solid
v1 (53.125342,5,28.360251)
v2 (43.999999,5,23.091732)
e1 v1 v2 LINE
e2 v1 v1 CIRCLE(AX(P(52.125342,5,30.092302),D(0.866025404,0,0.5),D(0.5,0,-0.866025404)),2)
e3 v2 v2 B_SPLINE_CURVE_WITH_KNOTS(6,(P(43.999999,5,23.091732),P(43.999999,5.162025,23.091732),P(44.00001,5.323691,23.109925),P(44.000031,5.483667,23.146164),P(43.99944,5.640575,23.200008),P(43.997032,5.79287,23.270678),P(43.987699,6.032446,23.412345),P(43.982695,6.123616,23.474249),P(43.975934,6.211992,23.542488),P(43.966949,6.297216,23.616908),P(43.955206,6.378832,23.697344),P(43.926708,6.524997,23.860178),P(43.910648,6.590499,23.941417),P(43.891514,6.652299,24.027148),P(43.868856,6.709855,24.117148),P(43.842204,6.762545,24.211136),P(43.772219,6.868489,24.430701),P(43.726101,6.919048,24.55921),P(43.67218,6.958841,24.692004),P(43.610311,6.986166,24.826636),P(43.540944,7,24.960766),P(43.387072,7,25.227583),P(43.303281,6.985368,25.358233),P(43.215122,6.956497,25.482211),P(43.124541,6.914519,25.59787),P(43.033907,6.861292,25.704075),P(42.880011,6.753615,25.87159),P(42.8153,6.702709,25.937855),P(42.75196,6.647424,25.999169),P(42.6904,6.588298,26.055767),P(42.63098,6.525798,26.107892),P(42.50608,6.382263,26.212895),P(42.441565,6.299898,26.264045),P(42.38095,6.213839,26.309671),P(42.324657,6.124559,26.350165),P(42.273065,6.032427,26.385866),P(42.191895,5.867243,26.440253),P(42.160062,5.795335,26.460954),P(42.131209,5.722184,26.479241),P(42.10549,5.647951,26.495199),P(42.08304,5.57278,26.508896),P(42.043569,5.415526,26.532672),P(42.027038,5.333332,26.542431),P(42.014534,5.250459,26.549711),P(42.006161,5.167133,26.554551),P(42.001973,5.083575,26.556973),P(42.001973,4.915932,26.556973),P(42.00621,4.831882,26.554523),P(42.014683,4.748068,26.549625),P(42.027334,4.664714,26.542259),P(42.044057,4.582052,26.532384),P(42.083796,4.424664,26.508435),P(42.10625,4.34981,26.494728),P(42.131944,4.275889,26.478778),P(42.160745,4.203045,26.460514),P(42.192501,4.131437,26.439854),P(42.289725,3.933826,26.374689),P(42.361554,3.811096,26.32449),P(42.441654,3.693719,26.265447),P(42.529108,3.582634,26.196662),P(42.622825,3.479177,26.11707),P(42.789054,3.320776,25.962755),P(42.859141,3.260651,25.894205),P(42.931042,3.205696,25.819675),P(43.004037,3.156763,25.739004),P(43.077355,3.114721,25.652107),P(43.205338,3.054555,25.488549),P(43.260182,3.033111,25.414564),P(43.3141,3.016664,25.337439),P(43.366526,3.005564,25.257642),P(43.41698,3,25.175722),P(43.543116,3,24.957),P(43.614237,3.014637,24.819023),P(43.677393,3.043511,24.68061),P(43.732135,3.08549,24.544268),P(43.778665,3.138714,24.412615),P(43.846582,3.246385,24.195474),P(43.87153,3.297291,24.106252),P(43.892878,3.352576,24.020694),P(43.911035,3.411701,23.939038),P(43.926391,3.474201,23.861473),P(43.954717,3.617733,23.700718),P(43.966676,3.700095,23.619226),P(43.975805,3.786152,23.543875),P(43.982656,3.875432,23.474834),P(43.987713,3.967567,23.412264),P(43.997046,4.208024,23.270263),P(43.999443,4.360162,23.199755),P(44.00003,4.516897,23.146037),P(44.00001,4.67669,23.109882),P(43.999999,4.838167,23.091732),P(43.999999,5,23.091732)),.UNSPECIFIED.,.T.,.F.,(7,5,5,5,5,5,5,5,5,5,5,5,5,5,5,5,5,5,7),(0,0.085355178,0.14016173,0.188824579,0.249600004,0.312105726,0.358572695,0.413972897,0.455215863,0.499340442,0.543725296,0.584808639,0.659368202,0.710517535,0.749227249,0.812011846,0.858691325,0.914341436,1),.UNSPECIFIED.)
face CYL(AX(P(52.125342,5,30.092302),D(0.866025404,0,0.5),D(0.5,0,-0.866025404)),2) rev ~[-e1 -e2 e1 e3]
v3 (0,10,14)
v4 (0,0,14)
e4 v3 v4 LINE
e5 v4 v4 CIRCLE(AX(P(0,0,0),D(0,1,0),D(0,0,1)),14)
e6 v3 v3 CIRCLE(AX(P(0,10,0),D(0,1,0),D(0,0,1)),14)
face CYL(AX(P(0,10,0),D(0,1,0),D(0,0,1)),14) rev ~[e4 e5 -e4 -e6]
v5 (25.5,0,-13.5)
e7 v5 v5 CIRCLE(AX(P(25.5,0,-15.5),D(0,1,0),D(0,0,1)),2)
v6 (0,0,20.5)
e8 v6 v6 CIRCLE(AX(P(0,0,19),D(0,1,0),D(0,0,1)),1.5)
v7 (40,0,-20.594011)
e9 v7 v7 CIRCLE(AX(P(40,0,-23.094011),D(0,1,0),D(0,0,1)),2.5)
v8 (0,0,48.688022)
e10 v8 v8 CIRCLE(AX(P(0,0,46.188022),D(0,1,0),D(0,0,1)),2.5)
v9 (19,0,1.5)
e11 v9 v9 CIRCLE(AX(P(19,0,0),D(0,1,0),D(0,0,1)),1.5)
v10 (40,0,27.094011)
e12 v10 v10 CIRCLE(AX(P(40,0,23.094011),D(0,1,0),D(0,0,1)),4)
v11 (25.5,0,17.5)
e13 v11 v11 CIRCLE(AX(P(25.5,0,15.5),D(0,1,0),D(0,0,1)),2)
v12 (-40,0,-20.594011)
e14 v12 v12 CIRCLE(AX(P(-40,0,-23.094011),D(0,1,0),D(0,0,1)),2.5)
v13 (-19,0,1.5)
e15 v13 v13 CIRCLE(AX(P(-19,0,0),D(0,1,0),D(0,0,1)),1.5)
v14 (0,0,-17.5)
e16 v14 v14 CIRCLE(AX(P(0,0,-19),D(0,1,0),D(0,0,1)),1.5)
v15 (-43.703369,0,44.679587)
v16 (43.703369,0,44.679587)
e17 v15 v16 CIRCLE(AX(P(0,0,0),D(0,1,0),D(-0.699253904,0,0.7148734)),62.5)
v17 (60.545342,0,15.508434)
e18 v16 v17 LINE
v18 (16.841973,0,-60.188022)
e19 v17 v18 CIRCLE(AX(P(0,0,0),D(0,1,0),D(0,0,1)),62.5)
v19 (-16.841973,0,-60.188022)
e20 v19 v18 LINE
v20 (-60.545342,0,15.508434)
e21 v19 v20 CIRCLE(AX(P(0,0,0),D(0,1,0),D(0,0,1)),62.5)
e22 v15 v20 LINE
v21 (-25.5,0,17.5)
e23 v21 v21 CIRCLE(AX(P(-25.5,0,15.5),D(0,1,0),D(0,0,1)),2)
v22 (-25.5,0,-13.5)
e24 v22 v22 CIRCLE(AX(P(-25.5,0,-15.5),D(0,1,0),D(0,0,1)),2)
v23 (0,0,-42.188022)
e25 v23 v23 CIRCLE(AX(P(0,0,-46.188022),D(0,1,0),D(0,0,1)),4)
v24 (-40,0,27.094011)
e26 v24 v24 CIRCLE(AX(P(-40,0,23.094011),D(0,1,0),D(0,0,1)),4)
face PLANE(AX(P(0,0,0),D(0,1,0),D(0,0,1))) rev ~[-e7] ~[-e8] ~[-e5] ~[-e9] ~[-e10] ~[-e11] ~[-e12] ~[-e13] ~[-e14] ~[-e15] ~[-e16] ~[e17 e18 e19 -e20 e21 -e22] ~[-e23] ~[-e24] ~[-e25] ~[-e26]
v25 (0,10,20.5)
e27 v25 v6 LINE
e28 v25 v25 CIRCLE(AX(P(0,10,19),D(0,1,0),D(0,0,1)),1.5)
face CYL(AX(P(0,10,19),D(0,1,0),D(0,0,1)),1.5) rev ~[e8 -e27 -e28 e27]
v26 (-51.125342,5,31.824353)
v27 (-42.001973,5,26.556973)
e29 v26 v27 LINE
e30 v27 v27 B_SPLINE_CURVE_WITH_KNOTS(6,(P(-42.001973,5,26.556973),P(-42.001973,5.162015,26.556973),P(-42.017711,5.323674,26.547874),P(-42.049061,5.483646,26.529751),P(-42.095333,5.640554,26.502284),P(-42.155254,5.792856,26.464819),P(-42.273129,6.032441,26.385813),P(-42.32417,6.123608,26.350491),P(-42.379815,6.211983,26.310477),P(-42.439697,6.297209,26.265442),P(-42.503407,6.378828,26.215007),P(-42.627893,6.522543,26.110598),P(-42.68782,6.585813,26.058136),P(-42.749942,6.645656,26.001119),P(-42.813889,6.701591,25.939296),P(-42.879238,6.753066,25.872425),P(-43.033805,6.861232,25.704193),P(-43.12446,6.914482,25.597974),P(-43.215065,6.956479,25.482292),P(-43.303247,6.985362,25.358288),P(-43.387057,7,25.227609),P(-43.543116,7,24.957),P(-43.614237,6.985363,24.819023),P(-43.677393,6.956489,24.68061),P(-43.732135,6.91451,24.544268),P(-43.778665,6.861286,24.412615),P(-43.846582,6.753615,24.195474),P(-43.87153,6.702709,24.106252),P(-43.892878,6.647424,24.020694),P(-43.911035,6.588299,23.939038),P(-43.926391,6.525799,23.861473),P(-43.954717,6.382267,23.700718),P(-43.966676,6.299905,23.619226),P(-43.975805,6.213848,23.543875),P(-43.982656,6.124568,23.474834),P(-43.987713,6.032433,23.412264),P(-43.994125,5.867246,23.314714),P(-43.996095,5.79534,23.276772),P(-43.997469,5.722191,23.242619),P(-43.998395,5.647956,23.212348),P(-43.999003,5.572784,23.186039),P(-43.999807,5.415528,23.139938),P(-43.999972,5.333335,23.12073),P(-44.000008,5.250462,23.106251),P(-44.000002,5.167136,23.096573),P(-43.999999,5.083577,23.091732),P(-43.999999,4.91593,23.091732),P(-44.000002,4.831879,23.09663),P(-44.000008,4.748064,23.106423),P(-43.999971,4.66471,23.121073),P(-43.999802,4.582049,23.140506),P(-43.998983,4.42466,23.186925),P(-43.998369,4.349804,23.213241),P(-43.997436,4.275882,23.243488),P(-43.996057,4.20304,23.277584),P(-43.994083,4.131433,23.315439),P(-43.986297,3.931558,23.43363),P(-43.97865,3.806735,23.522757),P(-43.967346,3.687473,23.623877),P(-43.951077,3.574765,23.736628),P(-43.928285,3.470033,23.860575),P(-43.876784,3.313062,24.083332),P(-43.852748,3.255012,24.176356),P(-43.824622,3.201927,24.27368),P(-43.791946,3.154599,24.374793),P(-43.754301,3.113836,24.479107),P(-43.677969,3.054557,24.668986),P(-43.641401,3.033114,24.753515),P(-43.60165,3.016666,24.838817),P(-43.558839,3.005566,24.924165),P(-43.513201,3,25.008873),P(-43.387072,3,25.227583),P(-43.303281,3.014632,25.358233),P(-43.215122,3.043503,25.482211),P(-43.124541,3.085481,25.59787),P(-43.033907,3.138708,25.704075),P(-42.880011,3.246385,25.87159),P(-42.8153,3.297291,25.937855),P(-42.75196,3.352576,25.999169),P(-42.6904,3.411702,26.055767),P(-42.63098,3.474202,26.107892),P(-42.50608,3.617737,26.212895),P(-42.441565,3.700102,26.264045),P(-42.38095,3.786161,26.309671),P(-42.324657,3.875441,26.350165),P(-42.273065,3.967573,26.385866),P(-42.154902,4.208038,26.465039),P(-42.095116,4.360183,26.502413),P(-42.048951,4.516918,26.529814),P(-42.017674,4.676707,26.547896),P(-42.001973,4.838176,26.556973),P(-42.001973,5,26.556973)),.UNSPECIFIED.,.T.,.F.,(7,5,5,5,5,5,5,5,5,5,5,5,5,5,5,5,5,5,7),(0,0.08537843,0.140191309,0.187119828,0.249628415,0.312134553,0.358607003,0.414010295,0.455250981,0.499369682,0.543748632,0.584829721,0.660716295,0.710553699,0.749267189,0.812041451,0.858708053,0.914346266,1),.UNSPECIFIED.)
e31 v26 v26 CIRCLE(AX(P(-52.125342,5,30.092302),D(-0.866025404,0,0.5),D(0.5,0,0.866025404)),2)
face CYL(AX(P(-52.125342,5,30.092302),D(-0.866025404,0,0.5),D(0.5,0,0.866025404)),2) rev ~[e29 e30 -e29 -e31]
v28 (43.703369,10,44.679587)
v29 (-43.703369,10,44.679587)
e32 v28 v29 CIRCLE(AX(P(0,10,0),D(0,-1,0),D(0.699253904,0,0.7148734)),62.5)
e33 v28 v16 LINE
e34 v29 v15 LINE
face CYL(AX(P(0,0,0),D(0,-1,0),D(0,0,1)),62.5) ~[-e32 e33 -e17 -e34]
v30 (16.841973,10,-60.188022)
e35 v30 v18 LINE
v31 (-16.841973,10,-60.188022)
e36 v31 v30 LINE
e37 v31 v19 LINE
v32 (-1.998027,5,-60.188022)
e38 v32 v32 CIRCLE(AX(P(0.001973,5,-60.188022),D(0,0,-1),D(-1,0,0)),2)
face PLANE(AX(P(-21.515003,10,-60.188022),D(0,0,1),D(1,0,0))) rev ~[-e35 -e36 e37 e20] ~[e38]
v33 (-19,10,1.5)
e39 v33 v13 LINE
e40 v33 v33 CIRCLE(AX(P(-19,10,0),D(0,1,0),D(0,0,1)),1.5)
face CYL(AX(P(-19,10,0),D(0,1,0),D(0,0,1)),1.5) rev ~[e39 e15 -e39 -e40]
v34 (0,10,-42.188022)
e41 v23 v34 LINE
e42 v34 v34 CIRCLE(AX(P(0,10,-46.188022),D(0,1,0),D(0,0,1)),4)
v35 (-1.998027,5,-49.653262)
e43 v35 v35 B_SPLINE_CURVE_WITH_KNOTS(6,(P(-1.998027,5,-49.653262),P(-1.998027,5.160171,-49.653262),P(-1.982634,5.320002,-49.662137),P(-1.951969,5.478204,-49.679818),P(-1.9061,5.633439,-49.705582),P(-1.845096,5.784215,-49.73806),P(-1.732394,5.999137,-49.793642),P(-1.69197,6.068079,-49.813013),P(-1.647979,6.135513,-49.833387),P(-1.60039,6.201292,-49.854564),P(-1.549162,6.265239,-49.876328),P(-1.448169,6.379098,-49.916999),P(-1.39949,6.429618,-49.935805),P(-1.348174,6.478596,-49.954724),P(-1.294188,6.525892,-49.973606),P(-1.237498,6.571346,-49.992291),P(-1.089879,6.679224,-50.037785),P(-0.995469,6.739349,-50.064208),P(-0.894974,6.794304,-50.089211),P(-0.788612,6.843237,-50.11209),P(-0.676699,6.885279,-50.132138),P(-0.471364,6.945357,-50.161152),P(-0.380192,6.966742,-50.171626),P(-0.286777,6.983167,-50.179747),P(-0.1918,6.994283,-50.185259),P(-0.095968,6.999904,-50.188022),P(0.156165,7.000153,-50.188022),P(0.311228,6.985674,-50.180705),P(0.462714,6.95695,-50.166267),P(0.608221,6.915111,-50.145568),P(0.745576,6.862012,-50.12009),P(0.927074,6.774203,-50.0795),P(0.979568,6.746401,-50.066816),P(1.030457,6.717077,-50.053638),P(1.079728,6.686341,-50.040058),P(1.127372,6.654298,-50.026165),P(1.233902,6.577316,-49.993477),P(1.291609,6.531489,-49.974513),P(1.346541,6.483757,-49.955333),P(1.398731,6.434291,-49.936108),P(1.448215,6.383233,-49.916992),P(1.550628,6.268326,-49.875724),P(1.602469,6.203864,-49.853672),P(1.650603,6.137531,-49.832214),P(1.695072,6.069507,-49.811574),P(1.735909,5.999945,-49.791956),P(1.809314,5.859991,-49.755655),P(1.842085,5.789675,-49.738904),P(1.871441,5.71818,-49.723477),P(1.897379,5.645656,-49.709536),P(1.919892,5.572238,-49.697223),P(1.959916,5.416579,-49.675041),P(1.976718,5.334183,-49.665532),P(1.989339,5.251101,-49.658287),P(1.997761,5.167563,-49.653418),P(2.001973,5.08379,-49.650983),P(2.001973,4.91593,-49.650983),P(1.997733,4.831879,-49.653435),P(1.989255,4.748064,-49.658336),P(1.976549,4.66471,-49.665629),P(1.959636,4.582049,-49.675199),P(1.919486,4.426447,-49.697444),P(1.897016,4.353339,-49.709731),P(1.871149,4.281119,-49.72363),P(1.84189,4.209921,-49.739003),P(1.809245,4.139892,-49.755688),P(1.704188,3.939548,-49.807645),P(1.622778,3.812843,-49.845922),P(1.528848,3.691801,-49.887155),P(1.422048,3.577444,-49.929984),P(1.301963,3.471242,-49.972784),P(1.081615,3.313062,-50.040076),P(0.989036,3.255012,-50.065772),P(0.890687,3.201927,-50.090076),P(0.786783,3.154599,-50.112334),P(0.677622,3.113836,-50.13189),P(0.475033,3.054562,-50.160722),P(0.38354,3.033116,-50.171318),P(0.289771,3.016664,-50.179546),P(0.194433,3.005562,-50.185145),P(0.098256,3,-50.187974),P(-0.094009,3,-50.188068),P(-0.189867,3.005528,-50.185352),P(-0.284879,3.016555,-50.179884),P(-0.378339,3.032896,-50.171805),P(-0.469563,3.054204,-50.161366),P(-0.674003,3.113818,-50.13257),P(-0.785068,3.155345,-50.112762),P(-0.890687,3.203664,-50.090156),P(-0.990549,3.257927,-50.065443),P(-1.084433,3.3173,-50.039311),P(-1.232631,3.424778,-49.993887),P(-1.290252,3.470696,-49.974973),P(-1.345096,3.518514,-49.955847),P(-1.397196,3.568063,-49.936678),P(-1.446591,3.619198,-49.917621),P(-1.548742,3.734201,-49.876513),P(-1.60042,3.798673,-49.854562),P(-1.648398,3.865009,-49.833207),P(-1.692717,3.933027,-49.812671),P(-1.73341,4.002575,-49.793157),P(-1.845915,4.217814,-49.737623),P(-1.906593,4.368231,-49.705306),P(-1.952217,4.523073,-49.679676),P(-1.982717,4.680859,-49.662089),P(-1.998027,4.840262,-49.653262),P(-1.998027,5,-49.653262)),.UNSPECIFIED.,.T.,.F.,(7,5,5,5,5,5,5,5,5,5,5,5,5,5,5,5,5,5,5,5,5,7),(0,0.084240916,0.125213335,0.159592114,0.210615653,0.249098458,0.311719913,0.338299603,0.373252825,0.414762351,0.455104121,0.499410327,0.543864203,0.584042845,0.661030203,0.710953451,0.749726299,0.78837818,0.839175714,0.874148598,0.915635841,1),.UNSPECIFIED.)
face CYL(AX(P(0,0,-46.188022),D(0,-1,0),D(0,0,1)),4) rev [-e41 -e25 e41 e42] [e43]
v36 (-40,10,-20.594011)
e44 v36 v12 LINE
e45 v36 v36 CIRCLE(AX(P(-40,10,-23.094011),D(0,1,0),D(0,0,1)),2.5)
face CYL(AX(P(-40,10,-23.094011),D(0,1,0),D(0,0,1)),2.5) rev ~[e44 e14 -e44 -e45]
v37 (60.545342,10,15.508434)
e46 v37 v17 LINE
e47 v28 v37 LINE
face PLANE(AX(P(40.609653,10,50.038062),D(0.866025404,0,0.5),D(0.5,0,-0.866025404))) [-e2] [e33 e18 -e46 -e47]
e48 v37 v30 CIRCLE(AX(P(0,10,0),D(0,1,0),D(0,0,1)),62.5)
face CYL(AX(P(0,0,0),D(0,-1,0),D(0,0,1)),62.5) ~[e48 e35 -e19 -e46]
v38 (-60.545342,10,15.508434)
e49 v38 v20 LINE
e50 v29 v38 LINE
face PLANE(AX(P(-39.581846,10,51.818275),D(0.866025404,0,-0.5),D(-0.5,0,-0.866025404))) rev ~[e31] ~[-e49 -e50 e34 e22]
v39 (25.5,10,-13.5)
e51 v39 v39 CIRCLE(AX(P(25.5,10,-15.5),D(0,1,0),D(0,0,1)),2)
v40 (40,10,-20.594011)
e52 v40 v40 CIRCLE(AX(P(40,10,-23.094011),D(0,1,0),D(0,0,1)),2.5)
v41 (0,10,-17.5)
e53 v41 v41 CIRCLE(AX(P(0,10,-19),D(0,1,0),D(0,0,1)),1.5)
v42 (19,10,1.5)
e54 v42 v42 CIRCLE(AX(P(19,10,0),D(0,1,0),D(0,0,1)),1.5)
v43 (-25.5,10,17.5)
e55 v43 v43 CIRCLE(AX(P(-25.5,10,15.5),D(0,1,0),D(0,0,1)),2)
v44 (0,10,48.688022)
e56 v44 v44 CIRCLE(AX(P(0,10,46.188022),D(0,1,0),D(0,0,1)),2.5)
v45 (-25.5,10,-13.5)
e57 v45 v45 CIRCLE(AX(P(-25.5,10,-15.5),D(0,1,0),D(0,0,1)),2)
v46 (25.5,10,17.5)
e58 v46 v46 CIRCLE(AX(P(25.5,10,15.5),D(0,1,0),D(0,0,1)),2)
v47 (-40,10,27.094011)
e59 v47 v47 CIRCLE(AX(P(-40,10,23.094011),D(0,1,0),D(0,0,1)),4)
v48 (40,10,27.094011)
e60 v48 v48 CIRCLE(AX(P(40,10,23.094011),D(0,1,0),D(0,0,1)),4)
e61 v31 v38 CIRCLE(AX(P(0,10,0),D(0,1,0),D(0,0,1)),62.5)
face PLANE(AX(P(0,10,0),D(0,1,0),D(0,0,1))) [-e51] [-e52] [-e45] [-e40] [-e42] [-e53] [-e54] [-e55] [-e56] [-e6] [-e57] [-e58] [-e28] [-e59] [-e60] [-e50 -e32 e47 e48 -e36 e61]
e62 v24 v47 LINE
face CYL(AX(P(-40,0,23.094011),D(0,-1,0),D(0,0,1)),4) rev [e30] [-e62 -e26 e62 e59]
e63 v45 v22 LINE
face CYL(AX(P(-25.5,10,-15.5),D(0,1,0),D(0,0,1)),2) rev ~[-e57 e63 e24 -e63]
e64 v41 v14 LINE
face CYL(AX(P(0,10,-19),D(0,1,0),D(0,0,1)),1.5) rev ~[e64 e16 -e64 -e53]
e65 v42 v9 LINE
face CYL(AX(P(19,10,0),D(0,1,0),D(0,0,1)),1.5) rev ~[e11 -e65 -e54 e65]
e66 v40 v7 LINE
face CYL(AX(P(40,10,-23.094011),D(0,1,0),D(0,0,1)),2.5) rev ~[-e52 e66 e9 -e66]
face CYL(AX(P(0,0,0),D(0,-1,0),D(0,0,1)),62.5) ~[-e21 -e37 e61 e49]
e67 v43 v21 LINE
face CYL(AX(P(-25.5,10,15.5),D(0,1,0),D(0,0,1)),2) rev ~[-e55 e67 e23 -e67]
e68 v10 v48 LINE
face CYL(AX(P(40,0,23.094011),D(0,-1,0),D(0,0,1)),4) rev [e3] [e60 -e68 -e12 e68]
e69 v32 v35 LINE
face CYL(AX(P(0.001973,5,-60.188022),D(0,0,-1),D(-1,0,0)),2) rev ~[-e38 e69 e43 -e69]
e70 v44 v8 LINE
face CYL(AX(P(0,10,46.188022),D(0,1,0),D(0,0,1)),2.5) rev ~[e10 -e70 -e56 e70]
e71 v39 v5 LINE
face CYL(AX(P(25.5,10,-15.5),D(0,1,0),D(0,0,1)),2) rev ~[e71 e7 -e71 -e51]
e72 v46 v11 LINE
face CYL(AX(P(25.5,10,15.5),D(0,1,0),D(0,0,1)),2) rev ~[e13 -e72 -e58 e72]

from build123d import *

# Parameters (mm, degrees)
SKETCH1_R           = 62.5
SKETCH1_R_2         = 4
BOSS_EXTRUDE1_DEPTH = 10
SKETCH2_W           = 43.972180284
SKETCH2_H           = 8.711954994
CUT_EXTRUDE1_DEPTH  = 10
SKETCH3_R           = 2
CUT_EXTRUDE2_DEPTH  = 12
SKETCH4_R           = 2
CUT_EXTRUDE3_DEPTH  = 12
SKETCH5_R           = 2
CUT_EXTRUDE4_DEPTH  = 12
SKETCH6_R           = 14
CUT_EXTRUDE5_DEPTH  = 12
SKETCH7_R           = 1.5
CUT_EXTRUDE6_DEPTH  = 10
SKETCH8_R           = 2
CUT_EXTRUDE7_DEPTH  = 10
SKETCH9_R           = 2.5
CUT_EXTRUDE8_DEPTH  = 10


with BuildPart() as part:
    # Sketch1 → Boss-Extrude1 (new body)
    with BuildSketch(Plane(origin=(0, 0, 0), x_dir=(1, 0, 0), z_dir=(0, 1, 0))):
        with Locations(Location((0, 0, 0), (0, 0, 270))):
            Circle(SKETCH1_R)
        with Locations(Location((0, 46.188021535, 0), (0, 0, 270))):
            Circle(SKETCH1_R_2, mode=Mode.SUBTRACT)
        with Locations(Location((40, -23.094010768, 0), (0, 0, 270))):
            Circle(SKETCH1_R_2, mode=Mode.SUBTRACT)
        with Locations(Location((-40, -23.094010768, 0), (0, 0, 270))):
            Circle(SKETCH1_R_2, mode=Mode.SUBTRACT)
    extrude(amount=BOSS_EXTRUDE1_DEPTH)

    # Sketch2 → Cut-Extrude1 (cut)
    with BuildSketch(Plane(origin=(0, 10, 0), x_dir=(1, 0, 0), z_dir=(0, 1, 0))):
        Polygon((-39.581845605, -51.818275424), (-64.713070734, -8.289716646), (-77.687460418, -15.780484023), (-52.55623529, -59.309042801), align=None)
        Polygon((40.609652539, -50.038061596), (63.321086643, -10.700703814), (75.641288558, -17.813775707), (52.929854454, -57.151133488), align=None)
        with Locations((0.471086747, 64.543999032)):
            Rectangle(SKETCH2_W, SKETCH2_H)
    extrude(amount=-CUT_EXTRUDE1_DEPTH, mode=Mode.SUBTRACT)

    # Sketch3 → Cut-Extrude2 (cut)
    with BuildSketch(Plane(origin=(52.124355653, 0, 30.094010768), x_dir=(0.49999999999999983, 0, -0.8660254037844387), z_dir=(0.8660254037844387, 0, 0.49999999999999983))):
        with Locations((0.001973272, 5)):
            Circle(SKETCH3_R)
    extrude(amount=-CUT_EXTRUDE2_DEPTH, mode=Mode.SUBTRACT)

    # Sketch4 → Cut-Extrude3 (cut)
    with BuildSketch(Plane(origin=(-52.124355653, 0, 30.094010768), x_dir=(0.5000000000000002, 0, 0.8660254037844386), z_dir=(-0.8660254037844385, 0, 0.5000000000000001))):
        with Locations((-0.001973272, 5)):
            Circle(SKETCH4_R)
    extrude(amount=-CUT_EXTRUDE3_DEPTH, mode=Mode.SUBTRACT)

    # Sketch5 → Cut-Extrude4 (cut)
    with BuildSketch(Plane(origin=(0, 0, -60.188021535), x_dir=(-1, 0, 0), z_dir=(0, 0, -1))):
        with Locations((-0.001973272, 5)):
            Circle(SKETCH5_R)
    extrude(amount=-CUT_EXTRUDE4_DEPTH, mode=Mode.SUBTRACT)

    # Sketch6 → Cut-Extrude5 (cut)
    with BuildSketch(Plane(origin=(0, 10, 0), x_dir=(1, 0, 0), z_dir=(0, 1, 0))):
        with Locations(Location((0, 0, 0), (0, 0, 270))):
            Circle(SKETCH6_R)
    extrude(amount=-CUT_EXTRUDE5_DEPTH, mode=Mode.SUBTRACT)

    # Sketch7 → Cut-Extrude6 (cut)
    with BuildSketch(Plane(origin=(0, 10, 0), x_dir=(1, 0, 0), z_dir=(0, 1, 0))):
        with Locations(Location((0, 19, 0), (0, 0, 270))):
            Circle(SKETCH7_R)
        with Locations(Location((19, 0, 0), (0, 0, 270))):
            Circle(SKETCH7_R)
        with Locations(Location((0, -19, 0), (0, 0, 270))):
            Circle(SKETCH7_R)
        with Locations(Location((-19, 0, 0), (0, 0, 270))):
            Circle(SKETCH7_R)
    extrude(amount=-CUT_EXTRUDE6_DEPTH, mode=Mode.SUBTRACT)

    # Sketch8 → Cut-Extrude7 (cut)
    with BuildSketch(Plane(origin=(0, 10, 0), x_dir=(1, 0, 0), z_dir=(0, 1, 0))):
        with Locations(Location((-25.5, 15.5, 0), (0, 0, 270))):
            Circle(SKETCH8_R)
        with Locations(Location((25.5, 15.5, 0), (0, 0, 270))):
            Circle(SKETCH8_R)
        with Locations(Location((25.5, -15.5, 0), (0, 0, 270))):
            Circle(SKETCH8_R)
        with Locations(Location((-25.5, -15.5, 0), (0, 0, 270))):
            Circle(SKETCH8_R)
    extrude(amount=-CUT_EXTRUDE7_DEPTH, mode=Mode.SUBTRACT)

    # Sketch9 → Cut-Extrude8 (cut)
    with BuildSketch(Plane(origin=(0, 10, 0), x_dir=(1, 0, 0), z_dir=(0, 1, 0))):
        with Locations(Location((-40, 23.094010768, 0), (0, 0, 270))):
            Circle(SKETCH9_R)
        with Locations(Location((40, 23.094010768, 0), (0, 0, 270))):
            Circle(SKETCH9_R)
        with Locations(Location((0, -46.188021535, 0), (0, 0, 270))):
            Circle(SKETCH9_R)
    extrude(amount=-CUT_EXTRUDE8_DEPTH, mode=Mode.SUBTRACT)


solid = part.part
